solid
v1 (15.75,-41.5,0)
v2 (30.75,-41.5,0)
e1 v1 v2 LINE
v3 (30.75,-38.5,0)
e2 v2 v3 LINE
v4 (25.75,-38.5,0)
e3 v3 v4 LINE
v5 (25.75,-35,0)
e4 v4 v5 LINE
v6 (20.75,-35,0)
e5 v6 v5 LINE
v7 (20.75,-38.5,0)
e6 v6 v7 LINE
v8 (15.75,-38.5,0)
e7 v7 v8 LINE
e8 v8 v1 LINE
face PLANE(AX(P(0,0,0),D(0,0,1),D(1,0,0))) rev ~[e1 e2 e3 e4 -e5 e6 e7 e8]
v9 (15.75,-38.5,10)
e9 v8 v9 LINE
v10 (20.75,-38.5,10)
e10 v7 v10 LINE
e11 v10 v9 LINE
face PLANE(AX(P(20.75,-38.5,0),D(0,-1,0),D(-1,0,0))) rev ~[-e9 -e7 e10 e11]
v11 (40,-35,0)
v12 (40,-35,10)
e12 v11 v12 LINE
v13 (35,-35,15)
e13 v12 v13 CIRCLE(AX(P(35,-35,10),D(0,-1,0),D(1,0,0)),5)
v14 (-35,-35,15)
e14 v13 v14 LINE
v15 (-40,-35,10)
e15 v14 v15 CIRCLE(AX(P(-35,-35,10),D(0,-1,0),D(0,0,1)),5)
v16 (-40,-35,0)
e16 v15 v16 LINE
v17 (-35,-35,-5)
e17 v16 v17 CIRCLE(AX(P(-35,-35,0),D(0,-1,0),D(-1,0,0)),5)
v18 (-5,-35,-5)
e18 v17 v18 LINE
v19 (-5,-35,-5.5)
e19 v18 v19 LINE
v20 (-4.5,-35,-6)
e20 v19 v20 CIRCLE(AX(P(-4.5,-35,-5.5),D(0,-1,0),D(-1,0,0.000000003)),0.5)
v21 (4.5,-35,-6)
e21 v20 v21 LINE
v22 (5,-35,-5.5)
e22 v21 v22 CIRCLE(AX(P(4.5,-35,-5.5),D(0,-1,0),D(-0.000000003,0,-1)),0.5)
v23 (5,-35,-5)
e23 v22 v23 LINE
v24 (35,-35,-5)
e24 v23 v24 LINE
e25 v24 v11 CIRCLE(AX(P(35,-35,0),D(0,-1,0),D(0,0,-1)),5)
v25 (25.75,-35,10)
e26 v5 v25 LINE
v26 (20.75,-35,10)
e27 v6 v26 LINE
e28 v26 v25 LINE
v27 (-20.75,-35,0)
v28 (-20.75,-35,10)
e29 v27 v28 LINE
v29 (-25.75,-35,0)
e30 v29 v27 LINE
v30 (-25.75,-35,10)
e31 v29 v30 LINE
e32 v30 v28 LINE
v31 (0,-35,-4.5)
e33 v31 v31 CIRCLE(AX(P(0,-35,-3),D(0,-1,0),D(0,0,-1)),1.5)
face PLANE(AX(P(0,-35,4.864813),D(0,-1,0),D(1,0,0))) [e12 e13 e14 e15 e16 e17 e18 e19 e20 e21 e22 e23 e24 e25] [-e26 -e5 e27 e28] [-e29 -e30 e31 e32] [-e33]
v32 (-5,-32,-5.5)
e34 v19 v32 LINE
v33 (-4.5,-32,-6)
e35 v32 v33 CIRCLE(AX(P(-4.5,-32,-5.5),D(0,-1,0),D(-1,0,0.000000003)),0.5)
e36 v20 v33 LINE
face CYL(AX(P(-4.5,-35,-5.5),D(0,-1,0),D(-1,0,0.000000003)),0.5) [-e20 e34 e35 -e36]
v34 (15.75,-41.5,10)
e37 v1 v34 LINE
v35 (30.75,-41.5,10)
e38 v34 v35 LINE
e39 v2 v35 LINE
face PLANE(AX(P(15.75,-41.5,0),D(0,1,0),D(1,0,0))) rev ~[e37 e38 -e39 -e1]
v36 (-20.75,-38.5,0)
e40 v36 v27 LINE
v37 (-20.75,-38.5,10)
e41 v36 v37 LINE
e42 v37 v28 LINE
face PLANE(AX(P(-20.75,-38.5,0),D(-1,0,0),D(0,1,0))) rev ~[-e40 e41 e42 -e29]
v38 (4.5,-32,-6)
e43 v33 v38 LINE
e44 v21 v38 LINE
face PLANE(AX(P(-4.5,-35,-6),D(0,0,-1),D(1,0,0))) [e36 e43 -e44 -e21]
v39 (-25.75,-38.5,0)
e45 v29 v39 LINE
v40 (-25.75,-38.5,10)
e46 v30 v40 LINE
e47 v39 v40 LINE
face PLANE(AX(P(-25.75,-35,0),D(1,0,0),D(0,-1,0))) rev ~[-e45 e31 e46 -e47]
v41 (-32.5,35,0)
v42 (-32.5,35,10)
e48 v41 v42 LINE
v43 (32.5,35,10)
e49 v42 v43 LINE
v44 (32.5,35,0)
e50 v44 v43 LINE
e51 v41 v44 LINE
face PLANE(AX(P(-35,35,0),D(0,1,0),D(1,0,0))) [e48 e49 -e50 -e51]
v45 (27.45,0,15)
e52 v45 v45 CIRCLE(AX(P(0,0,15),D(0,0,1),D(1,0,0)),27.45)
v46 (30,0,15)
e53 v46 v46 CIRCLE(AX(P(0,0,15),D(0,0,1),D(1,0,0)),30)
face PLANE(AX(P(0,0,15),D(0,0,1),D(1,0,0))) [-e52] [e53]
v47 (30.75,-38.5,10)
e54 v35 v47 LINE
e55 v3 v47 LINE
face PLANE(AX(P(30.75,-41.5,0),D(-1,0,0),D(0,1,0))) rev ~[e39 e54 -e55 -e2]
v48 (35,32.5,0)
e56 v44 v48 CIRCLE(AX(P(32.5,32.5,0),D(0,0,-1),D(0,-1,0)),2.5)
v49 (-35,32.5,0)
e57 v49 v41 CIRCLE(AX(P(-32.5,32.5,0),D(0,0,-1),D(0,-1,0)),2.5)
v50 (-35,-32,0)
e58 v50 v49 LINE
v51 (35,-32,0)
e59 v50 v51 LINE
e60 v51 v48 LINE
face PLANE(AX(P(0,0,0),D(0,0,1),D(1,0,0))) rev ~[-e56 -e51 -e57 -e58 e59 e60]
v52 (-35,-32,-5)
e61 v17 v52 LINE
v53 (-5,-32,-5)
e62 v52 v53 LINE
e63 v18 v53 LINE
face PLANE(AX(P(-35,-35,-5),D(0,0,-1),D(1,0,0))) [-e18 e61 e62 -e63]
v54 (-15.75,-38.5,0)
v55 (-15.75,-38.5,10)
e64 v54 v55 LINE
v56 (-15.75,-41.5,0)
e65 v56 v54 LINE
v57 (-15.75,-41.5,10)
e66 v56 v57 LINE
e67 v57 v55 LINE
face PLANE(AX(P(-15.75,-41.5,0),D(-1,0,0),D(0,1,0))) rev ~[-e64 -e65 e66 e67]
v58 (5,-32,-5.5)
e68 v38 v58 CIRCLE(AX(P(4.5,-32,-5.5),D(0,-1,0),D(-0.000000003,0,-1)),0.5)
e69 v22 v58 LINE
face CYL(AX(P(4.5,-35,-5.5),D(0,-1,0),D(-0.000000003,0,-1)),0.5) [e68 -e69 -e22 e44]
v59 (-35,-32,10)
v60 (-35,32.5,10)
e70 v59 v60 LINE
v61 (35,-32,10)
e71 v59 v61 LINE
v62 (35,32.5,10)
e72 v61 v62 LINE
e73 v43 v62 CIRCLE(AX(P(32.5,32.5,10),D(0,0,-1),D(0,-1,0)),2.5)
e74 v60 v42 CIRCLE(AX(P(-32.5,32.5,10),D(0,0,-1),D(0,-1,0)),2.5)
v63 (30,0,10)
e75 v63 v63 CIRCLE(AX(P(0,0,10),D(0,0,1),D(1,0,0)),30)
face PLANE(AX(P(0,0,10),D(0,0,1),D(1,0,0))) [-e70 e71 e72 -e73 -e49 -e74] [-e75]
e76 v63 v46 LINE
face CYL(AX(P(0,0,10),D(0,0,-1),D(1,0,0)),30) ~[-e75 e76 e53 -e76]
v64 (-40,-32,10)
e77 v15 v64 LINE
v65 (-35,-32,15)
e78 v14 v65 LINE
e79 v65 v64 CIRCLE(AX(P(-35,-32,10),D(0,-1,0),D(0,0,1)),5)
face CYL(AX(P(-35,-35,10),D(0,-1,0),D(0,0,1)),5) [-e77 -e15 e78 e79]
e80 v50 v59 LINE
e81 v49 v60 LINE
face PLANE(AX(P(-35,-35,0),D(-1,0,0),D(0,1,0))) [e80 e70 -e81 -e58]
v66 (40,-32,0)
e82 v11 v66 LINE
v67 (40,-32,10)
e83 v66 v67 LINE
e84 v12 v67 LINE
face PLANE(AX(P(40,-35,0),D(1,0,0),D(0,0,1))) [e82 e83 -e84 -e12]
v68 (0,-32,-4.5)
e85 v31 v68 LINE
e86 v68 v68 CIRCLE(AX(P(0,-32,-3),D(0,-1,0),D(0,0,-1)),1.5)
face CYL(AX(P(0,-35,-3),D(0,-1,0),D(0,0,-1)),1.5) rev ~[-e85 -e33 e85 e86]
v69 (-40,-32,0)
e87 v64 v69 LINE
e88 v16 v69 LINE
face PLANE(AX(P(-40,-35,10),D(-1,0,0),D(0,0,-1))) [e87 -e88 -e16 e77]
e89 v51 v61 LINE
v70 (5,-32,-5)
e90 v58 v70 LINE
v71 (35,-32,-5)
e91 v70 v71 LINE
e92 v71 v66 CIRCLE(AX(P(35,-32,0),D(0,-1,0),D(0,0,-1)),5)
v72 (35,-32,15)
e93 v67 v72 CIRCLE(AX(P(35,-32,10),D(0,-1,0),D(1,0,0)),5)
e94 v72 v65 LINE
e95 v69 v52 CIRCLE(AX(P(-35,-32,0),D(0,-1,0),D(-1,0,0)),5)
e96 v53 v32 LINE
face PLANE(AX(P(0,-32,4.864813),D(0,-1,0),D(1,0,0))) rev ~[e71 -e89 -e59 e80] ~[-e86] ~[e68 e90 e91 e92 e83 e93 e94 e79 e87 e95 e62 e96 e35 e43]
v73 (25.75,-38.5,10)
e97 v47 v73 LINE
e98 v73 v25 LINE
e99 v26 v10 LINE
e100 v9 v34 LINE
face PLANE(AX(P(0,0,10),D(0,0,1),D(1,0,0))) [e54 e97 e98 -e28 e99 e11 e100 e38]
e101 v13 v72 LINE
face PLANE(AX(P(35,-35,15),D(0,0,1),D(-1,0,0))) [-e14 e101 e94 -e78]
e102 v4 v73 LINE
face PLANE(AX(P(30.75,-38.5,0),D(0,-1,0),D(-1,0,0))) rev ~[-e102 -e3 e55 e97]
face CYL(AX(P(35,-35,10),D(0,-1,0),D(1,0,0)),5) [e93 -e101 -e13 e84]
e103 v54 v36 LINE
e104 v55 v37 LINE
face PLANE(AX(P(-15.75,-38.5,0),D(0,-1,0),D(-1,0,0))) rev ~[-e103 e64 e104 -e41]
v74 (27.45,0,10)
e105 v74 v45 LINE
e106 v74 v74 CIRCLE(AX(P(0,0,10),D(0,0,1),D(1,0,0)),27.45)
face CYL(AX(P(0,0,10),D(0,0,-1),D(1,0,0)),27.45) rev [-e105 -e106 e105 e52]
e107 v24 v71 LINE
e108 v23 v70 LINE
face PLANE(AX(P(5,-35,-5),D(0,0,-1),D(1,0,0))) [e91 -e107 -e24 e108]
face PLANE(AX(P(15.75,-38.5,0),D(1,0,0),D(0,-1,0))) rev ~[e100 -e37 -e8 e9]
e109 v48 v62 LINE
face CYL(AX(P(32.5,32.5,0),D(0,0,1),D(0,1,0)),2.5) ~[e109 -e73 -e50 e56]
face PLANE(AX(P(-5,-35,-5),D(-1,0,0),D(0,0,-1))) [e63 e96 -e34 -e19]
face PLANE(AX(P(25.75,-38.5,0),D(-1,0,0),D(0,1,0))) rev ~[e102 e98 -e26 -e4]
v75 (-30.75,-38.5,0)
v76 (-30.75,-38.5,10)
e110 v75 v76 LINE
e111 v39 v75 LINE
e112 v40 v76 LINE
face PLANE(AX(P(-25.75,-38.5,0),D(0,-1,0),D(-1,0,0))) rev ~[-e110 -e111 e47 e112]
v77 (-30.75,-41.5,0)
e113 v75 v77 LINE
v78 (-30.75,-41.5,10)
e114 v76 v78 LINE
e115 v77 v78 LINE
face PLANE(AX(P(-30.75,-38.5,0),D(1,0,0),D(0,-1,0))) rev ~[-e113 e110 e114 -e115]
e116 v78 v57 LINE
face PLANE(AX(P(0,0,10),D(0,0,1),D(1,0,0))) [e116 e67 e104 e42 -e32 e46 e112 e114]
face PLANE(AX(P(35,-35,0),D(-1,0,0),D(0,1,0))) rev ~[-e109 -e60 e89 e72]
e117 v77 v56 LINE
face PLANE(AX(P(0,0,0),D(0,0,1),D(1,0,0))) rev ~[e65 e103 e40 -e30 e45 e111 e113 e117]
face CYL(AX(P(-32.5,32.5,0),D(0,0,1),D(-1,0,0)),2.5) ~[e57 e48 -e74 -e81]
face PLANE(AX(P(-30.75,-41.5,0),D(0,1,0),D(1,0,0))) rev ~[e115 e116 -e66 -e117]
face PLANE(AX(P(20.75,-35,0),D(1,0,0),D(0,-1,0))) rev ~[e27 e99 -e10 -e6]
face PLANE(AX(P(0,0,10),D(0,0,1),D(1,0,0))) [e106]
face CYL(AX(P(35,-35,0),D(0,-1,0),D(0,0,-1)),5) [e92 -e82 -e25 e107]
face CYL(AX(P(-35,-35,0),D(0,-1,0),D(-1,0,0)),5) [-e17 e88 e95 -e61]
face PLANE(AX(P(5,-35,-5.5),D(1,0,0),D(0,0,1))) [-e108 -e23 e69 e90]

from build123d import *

# Parameters (mm, degrees)
SKETCH1_W           = 70
SKETCH1_H           = 70
BOSS_EXTRUDE1_DEPTH = 10
SKETCH2_R           = 30
SKETCH2_R_2         = 27.45
BOSS_EXTRUDE2_DEPTH = 5
FILLET1_R           = 2.5
BOSS_EXTRUDE3_DEPTH = 10
SKETCH5_R           = 1.5
SKETCH5_W           = 70
SKETCH5_H           = 10
BOSS_EXTRUDE5_DEPTH = 3


with BuildPart() as part:
    # Sketch1 → Boss-Extrude1 (new body)
    with BuildSketch(Plane.XY):
        Rectangle(SKETCH1_W, SKETCH1_H)
    extrude(amount=BOSS_EXTRUDE1_DEPTH)

    # Sketch2 → Boss-Extrude2 (add)
    with BuildSketch(Plane.XY.offset(10)):
        Circle(SKETCH2_R)
        Circle(SKETCH2_R_2, mode=Mode.SUBTRACT)
    extrude(amount=BOSS_EXTRUDE2_DEPTH)

    # Fillet1
    fillet1_edges = [part.edges().sort_by_distance(p)[0] for p in [
        (-35, 35, 5),
        (35, 35, 5),
    ]]
    fillet(fillet1_edges, radius=FILLET1_R)

    # Sketch3 → Boss-Extrude3 (add)
    with BuildSketch(Plane(origin=(0, 0, 0), x_dir=(-1, 0, 0), z_dir=(0, 0, -1))):
        Polygon((-20.75, -38.5), (-15.75, -38.5), (-15.75, -41.5), (-30.75, -41.5), (-30.75, -38.5), (-25.75, -38.5), (-25.75, -35), (-20.75, -35), align=None)
        Polygon((30.75, -38.5), (30.75, -41.5), (15.75, -41.5), (15.75, -38.5), (20.75, -38.5), (20.75, -35), (25.75, -35), (25.75, -38.5), align=None)
    extrude(amount=-BOSS_EXTRUDE3_DEPTH)

    # Sketch5 → Boss-Extrude5 (add)
    with BuildSketch(Plane.XZ.offset(35)):
        with BuildLine():
            Line((5, -5), (35, -5))
            ThreePointArc((35, -5), (38.535533906, -3.535533906), (40, 0))
            Line((40, 0), (40, 10))
            ThreePointArc((40, 10), (38.535533906, 13.535533906), (35, 15))
            Line((35, 15), (-35, 15))
            ThreePointArc((-35, 15), (-38.535533906, 13.535533906), (-40, 10))
            Line((-40, 10), (-40, 0))
            ThreePointArc((-40, 0), (-38.535533906, -3.535533906), (-35, -5))
            Line((-35, -5), (-5, -5))
            Line((-5, -5), (-5, -5.5))
            ThreePointArc((-5, -5.5), (-4.853553391, -5.853553391), (-4.5, -6))
            Line((-4.5, -6), (4.5, -6))
            ThreePointArc((4.5, -6), (4.853553391, -5.853553391), (5, -5.5))
            Line((5, -5.5), (5, -5))
        make_face()
        with Locations(Location((0, -3, 0), (0, 0, 270))):
            Circle(SKETCH5_R, mode=Mode.SUBTRACT)
        with Locations((0, 5)):
            Rectangle(SKETCH5_W, SKETCH5_H, mode=Mode.SUBTRACT)
    extrude(amount=-BOSS_EXTRUDE5_DEPTH)


solid = part.part
